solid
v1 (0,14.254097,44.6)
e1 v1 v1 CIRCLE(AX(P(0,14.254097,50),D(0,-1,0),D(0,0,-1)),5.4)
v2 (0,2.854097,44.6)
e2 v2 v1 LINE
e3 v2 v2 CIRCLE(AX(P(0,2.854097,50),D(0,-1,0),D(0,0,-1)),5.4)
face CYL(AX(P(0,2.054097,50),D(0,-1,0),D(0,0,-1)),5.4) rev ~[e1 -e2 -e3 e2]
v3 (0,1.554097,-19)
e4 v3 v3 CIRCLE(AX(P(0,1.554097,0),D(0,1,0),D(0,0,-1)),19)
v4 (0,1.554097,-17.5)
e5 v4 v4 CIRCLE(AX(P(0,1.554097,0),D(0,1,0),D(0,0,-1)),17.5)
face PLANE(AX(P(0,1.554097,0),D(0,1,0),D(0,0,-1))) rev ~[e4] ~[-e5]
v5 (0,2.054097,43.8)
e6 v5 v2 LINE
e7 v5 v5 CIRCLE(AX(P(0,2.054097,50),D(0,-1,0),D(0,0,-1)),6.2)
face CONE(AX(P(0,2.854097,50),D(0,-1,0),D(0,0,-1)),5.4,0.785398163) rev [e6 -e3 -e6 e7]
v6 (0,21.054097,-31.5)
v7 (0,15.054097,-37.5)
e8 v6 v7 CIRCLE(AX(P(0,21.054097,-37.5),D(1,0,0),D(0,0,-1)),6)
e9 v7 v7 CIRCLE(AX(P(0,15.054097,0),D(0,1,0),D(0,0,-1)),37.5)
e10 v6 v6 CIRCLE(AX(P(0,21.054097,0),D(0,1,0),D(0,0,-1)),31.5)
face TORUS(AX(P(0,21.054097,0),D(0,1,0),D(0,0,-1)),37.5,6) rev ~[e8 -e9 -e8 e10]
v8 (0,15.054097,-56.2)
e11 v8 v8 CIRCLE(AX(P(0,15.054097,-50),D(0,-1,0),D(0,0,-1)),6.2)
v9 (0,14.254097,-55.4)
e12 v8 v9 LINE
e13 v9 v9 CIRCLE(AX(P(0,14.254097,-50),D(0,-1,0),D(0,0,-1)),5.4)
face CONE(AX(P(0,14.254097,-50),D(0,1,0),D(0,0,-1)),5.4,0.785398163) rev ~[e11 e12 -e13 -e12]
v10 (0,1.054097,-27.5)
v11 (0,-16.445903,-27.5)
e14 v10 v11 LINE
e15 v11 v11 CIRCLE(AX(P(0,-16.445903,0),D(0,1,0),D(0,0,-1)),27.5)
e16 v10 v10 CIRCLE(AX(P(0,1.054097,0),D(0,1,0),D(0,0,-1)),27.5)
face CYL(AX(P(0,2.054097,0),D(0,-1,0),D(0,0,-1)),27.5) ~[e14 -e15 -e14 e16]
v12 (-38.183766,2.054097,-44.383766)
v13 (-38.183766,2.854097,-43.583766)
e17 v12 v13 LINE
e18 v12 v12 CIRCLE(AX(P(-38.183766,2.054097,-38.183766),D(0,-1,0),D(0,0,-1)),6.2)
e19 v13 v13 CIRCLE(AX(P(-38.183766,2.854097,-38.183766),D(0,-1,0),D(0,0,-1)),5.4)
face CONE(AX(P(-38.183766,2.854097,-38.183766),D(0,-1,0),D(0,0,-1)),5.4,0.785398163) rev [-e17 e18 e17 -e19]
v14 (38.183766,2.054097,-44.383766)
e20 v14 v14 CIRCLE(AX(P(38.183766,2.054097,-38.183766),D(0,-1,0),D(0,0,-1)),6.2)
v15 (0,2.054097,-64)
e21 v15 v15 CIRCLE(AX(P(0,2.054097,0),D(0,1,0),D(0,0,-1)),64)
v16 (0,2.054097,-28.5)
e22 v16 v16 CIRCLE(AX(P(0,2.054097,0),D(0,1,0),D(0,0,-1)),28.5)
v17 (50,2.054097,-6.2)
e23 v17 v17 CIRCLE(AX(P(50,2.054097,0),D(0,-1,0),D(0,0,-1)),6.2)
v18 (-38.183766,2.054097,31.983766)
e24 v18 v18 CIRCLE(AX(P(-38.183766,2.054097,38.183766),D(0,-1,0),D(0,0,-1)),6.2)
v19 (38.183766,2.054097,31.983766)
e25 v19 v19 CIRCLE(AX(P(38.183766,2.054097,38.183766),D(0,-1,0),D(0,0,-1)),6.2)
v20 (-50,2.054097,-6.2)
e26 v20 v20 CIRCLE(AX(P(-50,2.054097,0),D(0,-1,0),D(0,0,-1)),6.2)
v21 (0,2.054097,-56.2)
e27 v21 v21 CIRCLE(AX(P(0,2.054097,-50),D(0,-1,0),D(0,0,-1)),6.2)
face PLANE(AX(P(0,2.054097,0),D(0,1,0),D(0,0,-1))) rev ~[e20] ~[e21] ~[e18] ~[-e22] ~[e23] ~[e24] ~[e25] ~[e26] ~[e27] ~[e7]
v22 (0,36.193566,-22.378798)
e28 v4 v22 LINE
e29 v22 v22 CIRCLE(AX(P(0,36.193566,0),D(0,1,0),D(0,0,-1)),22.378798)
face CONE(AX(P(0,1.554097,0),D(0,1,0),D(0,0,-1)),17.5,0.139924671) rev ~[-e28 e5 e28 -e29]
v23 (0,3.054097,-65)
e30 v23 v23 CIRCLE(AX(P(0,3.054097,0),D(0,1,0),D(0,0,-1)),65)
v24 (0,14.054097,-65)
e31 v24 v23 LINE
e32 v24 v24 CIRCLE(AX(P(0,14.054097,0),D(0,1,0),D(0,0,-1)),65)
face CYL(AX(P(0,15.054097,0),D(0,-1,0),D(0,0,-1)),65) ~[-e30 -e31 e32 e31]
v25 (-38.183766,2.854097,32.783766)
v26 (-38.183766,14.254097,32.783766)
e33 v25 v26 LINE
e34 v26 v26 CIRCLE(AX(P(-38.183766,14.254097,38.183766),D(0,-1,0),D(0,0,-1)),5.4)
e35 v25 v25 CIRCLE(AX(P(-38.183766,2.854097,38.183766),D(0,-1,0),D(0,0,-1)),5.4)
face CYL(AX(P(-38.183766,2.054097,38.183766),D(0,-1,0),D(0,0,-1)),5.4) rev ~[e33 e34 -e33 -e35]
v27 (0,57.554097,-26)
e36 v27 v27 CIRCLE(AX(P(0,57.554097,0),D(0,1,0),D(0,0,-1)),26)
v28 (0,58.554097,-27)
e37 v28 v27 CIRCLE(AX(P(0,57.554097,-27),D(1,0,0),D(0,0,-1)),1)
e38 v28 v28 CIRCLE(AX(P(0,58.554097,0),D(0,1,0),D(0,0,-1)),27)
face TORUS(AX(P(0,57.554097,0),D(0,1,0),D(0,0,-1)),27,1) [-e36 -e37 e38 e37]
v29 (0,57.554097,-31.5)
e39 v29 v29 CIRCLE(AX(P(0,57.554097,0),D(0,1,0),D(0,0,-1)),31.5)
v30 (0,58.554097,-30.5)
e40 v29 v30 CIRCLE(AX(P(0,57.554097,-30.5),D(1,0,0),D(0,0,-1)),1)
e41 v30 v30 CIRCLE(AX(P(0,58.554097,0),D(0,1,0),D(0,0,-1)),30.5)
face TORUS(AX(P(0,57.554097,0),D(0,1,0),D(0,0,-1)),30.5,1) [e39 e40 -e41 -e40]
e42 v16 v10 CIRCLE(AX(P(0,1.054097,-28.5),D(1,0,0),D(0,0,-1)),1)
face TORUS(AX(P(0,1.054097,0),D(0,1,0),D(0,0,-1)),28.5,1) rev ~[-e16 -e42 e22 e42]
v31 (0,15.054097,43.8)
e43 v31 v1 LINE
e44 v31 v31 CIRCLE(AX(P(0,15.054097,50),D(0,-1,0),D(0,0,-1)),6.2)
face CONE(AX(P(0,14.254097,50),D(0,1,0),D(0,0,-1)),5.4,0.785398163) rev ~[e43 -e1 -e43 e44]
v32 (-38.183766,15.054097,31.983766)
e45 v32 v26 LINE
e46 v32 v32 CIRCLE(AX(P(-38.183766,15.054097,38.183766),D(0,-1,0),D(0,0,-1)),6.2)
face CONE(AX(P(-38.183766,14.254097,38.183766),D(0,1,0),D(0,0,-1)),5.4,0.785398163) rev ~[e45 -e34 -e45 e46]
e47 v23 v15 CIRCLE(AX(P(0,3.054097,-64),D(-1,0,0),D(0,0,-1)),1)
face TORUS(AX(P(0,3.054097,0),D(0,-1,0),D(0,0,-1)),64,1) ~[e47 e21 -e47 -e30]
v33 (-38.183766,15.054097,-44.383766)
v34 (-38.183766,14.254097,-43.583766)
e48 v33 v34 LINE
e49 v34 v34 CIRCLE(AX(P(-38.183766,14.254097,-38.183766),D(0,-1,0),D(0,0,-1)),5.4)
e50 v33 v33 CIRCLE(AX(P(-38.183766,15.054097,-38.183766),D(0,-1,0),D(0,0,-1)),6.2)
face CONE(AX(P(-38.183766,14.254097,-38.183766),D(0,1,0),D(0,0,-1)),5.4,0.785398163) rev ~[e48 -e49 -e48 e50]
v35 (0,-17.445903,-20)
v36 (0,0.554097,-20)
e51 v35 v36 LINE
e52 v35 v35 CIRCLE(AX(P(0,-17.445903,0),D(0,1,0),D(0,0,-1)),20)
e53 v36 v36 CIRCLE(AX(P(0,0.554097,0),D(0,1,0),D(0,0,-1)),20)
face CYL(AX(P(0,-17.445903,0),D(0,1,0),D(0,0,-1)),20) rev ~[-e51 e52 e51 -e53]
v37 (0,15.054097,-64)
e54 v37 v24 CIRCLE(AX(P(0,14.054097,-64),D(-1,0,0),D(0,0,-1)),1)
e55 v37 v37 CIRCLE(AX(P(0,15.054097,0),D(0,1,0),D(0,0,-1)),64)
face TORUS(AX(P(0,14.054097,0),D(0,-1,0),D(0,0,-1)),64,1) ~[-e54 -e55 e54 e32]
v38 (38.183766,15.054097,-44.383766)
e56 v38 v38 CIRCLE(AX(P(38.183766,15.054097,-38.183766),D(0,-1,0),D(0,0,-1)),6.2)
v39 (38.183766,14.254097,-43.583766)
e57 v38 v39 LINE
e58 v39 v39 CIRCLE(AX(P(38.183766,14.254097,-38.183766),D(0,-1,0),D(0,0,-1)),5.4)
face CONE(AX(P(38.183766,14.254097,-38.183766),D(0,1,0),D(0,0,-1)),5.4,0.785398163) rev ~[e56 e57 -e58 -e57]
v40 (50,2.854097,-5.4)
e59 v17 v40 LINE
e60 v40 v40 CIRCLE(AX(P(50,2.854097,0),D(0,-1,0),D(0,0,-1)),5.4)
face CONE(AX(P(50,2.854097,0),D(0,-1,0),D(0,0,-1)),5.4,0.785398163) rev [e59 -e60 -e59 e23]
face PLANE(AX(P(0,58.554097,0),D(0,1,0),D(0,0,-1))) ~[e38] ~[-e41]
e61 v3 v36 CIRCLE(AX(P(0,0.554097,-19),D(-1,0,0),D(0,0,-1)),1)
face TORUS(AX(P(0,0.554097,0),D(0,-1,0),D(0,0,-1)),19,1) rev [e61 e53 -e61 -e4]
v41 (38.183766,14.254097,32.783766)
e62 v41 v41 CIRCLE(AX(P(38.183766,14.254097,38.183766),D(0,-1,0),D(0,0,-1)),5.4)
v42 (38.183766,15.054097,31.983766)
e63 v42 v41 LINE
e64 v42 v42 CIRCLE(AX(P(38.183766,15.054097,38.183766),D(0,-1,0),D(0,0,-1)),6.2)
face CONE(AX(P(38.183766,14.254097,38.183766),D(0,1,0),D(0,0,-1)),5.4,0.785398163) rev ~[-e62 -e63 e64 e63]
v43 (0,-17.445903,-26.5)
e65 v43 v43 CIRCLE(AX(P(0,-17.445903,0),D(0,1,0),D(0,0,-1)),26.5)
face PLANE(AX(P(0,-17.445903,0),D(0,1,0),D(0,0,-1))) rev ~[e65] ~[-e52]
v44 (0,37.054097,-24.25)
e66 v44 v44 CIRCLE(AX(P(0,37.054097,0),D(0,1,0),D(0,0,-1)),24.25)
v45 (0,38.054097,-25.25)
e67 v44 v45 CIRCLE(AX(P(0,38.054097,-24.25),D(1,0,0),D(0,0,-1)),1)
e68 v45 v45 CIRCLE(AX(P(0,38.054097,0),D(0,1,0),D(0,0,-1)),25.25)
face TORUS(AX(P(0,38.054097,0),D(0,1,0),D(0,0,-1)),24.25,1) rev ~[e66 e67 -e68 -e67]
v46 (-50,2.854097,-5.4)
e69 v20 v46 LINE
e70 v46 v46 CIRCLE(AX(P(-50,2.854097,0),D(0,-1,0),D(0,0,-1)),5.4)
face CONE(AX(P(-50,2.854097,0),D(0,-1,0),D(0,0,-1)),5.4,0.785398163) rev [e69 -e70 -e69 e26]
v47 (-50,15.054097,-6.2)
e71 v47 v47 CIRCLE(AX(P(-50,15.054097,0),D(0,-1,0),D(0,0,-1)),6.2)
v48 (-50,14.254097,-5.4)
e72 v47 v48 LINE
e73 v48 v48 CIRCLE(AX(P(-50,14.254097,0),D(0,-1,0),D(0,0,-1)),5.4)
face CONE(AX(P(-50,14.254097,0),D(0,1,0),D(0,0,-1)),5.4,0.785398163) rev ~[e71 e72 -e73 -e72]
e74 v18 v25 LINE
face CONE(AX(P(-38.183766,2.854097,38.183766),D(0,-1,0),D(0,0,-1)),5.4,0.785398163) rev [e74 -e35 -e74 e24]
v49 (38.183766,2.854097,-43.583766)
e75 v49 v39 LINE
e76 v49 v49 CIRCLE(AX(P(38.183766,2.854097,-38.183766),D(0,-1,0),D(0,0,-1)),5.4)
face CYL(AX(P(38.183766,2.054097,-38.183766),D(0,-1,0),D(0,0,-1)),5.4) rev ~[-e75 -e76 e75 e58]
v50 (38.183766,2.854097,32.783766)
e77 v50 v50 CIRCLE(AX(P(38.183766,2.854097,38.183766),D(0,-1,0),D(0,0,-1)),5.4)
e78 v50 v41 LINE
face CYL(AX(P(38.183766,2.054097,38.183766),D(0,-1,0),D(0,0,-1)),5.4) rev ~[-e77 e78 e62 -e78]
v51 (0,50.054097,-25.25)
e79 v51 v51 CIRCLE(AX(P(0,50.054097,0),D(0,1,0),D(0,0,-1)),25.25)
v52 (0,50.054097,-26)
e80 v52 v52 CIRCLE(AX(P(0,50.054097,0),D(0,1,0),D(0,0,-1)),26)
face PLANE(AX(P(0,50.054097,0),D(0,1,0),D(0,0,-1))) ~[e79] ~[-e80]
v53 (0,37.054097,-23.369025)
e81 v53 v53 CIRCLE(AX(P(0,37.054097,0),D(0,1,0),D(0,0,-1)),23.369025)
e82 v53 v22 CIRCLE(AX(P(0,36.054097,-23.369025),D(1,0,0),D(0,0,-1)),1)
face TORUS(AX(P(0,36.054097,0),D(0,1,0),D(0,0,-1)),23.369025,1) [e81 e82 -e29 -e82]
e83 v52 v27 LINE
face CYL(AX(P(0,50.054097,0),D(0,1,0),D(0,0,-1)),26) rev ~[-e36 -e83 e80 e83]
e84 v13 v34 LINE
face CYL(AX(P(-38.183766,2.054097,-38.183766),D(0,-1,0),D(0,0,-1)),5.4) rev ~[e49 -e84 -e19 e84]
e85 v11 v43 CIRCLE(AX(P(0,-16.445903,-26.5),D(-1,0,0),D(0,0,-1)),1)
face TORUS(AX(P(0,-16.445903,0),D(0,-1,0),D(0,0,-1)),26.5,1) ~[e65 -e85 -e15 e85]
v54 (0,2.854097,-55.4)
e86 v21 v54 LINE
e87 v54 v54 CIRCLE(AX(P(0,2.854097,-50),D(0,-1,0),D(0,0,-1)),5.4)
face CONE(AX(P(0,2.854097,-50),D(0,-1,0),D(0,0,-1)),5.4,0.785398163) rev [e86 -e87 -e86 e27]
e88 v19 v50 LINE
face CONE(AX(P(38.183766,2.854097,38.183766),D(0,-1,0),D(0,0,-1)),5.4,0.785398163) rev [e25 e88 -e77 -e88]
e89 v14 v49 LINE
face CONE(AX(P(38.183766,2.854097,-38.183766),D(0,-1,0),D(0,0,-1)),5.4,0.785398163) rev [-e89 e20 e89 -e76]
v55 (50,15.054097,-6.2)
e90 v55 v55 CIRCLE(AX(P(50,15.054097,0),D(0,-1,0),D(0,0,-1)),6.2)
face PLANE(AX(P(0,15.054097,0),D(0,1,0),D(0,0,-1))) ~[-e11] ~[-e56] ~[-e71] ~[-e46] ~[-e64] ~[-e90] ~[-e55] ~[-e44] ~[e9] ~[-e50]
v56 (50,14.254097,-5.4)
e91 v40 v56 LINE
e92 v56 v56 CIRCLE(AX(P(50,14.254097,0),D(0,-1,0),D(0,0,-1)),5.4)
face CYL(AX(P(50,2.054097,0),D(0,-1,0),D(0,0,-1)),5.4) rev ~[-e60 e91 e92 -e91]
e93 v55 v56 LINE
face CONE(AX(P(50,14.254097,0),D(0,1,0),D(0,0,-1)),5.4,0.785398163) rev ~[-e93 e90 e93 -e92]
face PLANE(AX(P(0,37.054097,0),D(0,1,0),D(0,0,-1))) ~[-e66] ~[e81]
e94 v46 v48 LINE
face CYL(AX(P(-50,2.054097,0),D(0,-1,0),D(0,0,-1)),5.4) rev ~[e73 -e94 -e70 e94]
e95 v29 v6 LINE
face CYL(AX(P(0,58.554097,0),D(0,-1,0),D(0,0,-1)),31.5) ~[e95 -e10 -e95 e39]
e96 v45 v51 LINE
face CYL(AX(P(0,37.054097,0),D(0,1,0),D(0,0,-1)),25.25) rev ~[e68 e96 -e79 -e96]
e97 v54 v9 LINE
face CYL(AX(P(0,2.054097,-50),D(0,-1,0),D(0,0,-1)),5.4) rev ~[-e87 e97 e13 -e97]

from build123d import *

# Parameters (mm, degrees)
FILETE1_R             = 6
FILETE2_R             = 1
FILETE3_R             = 1
FILETE4_R             = 1
ESBO_O2_R             = 5.4
CORTE_EXTRUS_O1_DEPTH = 108.899258683
ESBO_O3_R             = 5.4
CORTE_EXTRUS_O2_DEPTH = 108.899258683
CHANFRO1_SIZE         = 0.8


with BuildPart() as part:
    # Esboço1 → Revolução1 (revolve)
    with BuildSketch(Plane.XY, mode=Mode.PRIVATE) as revolu_o1_sk:
        Polygon((26, 58.554097453), (31.5, 58.554097453), (31.5, 15.054097453), (65, 15.054097453), (65, 2.054097453), (27.5, 2.054097453), (27.5, -17.445902547), (20, -17.445902547), (20, 1.554097453), (17.5, 1.554097453), (22.5, 37.054097453), (25.25, 37.054097453), (25.25, 50.054097453), (26, 50.054097453), align=None)
    revolve(revolu_o1_sk.sketch.rotate(Axis((0, -38.852436323, 0), (0, 1, 0)), 90), axis=Axis((0, -38.852436323, 0), (0, 1, 0)))

    # Filete1
    filete1_edges = [part.edges().sort_by_distance(p)[0] for p in [
        (0, 15.054097453, 31.5),
    ]]
    fillet(filete1_edges, radius=FILETE1_R)

    # Filete2
    filete2_edges = [part.edges().sort_by_distance(p)[0] for p in [
        (0, 2.054097453, 65),
        (0, 15.054097453, 65),
        (0, 58.554097453, 31.5),
        (0, 58.554097453, 26),
    ]]
    fillet(filete2_edges, radius=FILETE2_R)

    # Filete3
    filete3_edges = [part.edges().sort_by_distance(p)[0] for p in [
        (0, 37.054097453, 22.5),
        (0, 1.554097453, 20),
        (0, -17.445902547, 27.5),
        (0, 2.054097453, 27.5),
    ]]
    fillet(filete3_edges, radius=FILETE3_R)

    # Filete4
    filete4_edges = [part.edges().sort_by_distance(p)[0] for p in [
        (0, 37.054097453, 25.25),
    ]]
    fillet(filete4_edges, radius=FILETE4_R)

    # Esboço2 → Corte-extrusão1 (cut, through all)
    with BuildSketch(Plane.XZ.offset(-2.054097453)):
        with Locations(Location((0, 50, 0), (0, 0, 270))):
            Circle(ESBO_O2_R)
        with Locations(Location((50, 0, 0), (0, 0, 270))):
            Circle(ESBO_O2_R)
        with Locations(Location((0, -50, 0), (0, 0, 270))):
            Circle(ESBO_O2_R)
        with Locations(Location((-50, 0, 0), (0, 0, 270))):
            Circle(ESBO_O2_R)
    extrude(amount=-CORTE_EXTRUS_O1_DEPTH, mode=Mode.SUBTRACT)

    # Esboço3 → Corte-extrusão2 (cut, through all)
    with BuildSketch(Plane.XZ.offset(-2.054097453)):
        with Locations(Location((38.183766184, 38.183766184, 0), (0, 0, 270))):
            Circle(ESBO_O3_R)
        with Locations(Location((38.183766184, -38.183766184, 0), (0, 0, 270))):
            Circle(ESBO_O3_R)
        with Locations(Location((-38.183766184, -38.183766184, 0), (0, 0, 270))):
            Circle(ESBO_O3_R)
        with Locations(Location((-38.183766184, 38.183766184, 0), (0, 0, 270))):
            Circle(ESBO_O3_R)
    extrude(amount=-CORTE_EXTRUS_O2_DEPTH, mode=Mode.SUBTRACT)

    # Chanfro1
    chanfro1_edges = [part.edges().sort_by_distance(p)[0] for p in [
        (0, 15.054097453, 55.4),
        (0, 2.054097453, 55.4),
        (50, 15.054097453, 5.4),
        (50, 2.054097453, 5.4),
        (0, 15.054097453, -44.6),
        (0, 2.054097453, -44.6),
        (-50, 15.054097453, 5.4),
        (-50, 2.054097453, 5.4),
        (38.183766184, 15.054097453, 43.583766184),
        (38.183766184, 2.054097453, 43.583766184),
        (38.183766184, 15.054097453, -32.783766184),
        (38.183766184, 2.054097453, -32.783766184),
        (-38.183766184, 15.054097453, -32.783766184),
        (-38.183766184, 2.054097453, -32.783766184),
        (-38.183766184, 15.054097453, 43.583766184),
        (-38.183766184, 2.054097453, 43.583766184),
    ]]
    chamfer(chanfro1_edges, length=CHANFRO1_SIZE)


solid = part.part
